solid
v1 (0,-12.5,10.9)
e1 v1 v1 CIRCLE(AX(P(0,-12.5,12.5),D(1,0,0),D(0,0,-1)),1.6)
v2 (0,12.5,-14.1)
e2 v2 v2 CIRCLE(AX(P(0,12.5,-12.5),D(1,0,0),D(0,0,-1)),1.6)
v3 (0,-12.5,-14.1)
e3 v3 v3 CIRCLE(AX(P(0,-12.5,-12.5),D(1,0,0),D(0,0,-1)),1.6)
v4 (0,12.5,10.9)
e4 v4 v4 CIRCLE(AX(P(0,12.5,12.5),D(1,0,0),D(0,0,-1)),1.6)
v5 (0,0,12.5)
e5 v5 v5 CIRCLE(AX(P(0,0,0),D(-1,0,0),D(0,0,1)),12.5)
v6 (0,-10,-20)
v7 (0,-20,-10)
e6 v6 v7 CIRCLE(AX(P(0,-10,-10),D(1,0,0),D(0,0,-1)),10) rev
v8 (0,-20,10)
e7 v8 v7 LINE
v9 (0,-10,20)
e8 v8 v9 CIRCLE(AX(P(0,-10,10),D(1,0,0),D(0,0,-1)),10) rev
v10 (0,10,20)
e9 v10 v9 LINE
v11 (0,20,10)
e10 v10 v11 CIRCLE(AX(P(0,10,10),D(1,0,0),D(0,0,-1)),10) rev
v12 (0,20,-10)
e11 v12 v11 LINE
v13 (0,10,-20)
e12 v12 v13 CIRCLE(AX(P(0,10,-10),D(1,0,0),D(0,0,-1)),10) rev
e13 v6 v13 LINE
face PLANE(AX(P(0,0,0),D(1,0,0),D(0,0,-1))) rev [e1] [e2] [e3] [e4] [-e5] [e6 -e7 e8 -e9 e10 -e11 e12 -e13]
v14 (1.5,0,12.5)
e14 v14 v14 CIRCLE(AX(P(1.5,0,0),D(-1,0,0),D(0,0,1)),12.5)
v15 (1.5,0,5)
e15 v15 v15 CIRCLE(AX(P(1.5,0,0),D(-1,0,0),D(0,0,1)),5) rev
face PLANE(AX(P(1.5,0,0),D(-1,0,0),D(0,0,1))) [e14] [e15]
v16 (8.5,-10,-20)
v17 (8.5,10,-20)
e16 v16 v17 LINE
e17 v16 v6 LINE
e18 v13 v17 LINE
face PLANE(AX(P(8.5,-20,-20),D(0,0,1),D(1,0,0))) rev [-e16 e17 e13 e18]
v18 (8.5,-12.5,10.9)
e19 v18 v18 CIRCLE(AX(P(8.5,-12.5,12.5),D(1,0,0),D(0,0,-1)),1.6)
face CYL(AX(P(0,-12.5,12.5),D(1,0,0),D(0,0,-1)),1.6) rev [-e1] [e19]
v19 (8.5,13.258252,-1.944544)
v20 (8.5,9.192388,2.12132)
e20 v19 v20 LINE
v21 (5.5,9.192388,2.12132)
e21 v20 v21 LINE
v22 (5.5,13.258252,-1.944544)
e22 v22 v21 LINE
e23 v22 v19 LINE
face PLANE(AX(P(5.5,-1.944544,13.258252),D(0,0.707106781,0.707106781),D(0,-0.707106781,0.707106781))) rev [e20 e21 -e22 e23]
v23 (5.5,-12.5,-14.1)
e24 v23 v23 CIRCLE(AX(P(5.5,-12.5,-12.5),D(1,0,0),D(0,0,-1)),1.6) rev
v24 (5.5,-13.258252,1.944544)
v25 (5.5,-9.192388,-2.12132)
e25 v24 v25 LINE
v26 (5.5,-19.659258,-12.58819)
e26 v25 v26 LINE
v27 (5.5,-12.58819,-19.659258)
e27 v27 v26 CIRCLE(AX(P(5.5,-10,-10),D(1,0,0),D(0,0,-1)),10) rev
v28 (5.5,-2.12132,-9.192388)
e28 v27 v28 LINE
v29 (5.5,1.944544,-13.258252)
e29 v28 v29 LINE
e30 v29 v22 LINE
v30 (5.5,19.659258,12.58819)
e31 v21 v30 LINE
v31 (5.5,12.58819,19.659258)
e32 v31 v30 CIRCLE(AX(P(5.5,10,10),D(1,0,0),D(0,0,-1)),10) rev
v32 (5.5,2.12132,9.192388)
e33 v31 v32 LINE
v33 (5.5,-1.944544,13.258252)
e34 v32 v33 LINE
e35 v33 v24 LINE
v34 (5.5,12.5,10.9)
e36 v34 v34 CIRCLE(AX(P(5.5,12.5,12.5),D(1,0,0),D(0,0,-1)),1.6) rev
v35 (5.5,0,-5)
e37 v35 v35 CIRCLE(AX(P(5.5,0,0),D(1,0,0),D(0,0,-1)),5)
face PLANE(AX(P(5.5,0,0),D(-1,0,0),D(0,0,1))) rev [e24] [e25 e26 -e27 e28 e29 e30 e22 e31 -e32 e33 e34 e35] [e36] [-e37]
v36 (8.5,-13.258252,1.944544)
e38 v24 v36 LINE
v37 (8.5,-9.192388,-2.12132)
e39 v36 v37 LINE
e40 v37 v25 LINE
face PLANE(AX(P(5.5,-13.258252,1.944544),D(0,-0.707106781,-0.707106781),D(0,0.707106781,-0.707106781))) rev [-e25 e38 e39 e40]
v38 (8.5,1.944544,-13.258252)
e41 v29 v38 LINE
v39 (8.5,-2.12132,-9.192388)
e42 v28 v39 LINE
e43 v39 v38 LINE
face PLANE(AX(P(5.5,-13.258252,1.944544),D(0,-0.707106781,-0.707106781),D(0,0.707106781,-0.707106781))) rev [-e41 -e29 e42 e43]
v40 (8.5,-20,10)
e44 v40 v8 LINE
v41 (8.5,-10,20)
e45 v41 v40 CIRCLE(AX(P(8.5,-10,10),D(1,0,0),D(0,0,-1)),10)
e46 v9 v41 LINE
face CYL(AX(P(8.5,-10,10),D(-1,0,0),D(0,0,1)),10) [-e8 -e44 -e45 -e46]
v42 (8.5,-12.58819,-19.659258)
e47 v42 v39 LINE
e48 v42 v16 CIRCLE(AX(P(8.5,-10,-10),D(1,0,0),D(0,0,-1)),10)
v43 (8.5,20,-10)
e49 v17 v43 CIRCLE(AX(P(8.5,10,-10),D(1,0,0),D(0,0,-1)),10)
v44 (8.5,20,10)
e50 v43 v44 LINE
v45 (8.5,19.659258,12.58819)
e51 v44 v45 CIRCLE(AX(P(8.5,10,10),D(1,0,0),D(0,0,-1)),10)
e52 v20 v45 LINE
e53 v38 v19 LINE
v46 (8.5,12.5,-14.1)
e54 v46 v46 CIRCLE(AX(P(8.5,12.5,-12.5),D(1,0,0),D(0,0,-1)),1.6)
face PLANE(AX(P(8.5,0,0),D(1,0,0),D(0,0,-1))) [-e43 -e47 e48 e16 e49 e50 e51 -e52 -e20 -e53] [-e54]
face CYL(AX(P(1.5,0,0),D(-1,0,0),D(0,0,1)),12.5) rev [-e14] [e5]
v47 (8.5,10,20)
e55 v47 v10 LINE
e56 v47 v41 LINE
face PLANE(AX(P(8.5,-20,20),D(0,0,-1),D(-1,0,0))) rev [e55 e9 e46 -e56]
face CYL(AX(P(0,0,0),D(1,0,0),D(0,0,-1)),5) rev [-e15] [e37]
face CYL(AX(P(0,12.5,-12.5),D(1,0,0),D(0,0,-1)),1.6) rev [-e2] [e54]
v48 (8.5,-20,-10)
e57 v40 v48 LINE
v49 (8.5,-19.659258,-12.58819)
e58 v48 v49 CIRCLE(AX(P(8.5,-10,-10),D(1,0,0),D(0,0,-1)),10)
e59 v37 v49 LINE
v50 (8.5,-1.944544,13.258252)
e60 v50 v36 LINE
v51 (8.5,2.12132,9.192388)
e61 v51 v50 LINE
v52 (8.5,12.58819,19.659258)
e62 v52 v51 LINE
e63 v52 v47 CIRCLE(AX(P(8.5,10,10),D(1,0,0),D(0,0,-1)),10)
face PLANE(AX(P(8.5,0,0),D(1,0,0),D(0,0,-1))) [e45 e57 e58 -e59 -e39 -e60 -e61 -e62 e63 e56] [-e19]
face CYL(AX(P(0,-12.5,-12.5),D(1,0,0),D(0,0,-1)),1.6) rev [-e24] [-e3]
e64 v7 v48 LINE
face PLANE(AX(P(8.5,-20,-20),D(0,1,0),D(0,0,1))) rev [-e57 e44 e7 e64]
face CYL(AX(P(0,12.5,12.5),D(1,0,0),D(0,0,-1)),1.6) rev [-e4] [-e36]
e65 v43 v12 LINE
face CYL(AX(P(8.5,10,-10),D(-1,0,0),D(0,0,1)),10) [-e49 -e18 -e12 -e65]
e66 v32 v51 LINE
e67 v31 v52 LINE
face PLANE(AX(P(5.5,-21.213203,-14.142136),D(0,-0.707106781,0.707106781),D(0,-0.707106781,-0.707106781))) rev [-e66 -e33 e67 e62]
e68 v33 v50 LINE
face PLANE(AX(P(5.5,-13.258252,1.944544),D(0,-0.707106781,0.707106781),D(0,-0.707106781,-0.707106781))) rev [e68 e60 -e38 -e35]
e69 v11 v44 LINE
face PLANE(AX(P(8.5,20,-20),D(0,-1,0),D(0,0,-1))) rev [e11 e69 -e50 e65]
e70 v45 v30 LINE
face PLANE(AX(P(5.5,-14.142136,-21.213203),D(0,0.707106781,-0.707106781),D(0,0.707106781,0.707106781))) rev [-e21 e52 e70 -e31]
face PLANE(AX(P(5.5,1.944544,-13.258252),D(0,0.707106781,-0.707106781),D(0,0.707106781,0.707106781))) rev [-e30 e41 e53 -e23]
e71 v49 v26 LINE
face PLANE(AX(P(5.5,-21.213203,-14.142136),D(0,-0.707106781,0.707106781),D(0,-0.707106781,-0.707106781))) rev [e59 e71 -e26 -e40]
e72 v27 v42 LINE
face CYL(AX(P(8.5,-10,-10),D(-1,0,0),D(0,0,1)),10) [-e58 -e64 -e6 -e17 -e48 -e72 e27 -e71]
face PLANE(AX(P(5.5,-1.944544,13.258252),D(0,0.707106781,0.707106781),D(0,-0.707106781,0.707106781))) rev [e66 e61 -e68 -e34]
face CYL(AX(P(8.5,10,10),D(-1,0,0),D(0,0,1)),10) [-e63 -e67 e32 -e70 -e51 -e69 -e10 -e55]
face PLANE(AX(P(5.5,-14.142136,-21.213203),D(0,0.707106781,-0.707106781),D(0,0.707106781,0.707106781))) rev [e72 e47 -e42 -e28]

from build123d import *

# Parameters (mm, degrees)
SKETCH1_W           = 40
SKETCH1_H           = 40
BOSS_EXTRUDE1_DEPTH = 8.5
FILLET1_R           = 10
CUT_EXTRUDE1_DEPTH  = 3
SKETCH4_R           = 5
CUT_EXTRUDE2_DEPTH  = 29.814059068
SKETCH5_R           = 1.6
CUT_EXTRUDE3_DEPTH  = 30.533878851
CUT_EXTRUDE4_DEPTH  = 3
SKETCH8_R           = 12.5
CUT_EXTRUDE5_DEPTH  = 1.5


with BuildPart() as part:
    # Sketch1 → Boss-Extrude1 (new body)
    with BuildSketch(Plane(origin=(0, 0, 0), x_dir=(0, 0, -1), z_dir=(1, 0, 0))):
        Rectangle(SKETCH1_W, SKETCH1_H)
    extrude(amount=BOSS_EXTRUDE1_DEPTH)

    # Fillet1
    fillet1_edges = [part.edges().sort_by_distance(p)[0] for p in [
        (4.25, -20, -20),
        (4.25, -20, 20),
        (4.25, 20, 20),
        (4.25, 20, -20),
    ]]
    fillet(fillet1_edges, radius=FILLET1_R)

    # Sketch2 → Cut-Extrude1 (cut)
    with BuildSketch(Plane(origin=(8.5, 0, 0), x_dir=(0, 0, -1), z_dir=(1, 0, 0))):
        Polygon((-1.944543648, -13.258252147), (13.258252147, 1.944543648), (1.944543648, 13.258252147), (-13.258252147, -1.944543648), align=None)
    extrude(amount=-CUT_EXTRUDE1_DEPTH, mode=Mode.SUBTRACT)

    # Sketch4 → Cut-Extrude2 (cut, through all)
    with BuildSketch(Plane(origin=(5.5, 0, 0), x_dir=(0, 0, -1), z_dir=(1, 0, 0))):
        Circle(SKETCH4_R)
    extrude(amount=-CUT_EXTRUDE2_DEPTH, mode=Mode.SUBTRACT)

    # Sketch5 → Cut-Extrude3 (cut, through all)
    with BuildSketch(Plane(origin=(8.5, 0, 0), x_dir=(0, 0, -1), z_dir=(1, 0, 0))):
        with Locations((-12.5, 12.5)):
            Circle(SKETCH5_R)
        with Locations((-12.5, -12.5)):
            Circle(SKETCH5_R)
        with Locations((12.5, -12.5)):
            Circle(SKETCH5_R)
        with Locations((12.5, 12.5)):
            Circle(SKETCH5_R)
    extrude(amount=-CUT_EXTRUDE3_DEPTH, mode=Mode.SUBTRACT)

    # Sketch7 → Cut-Extrude4 (cut)
    with BuildSketch(Plane(origin=(8.5, 0, 0), x_dir=(0, 0, -1), z_dir=(1, 0, 0))):
        Polygon((14.142135624, -21.213203436), (-21.213203436, 14.142135624), (-14.142135624, 21.213203436), (21.213203436, -14.142135624), align=None)
    extrude(amount=-CUT_EXTRUDE4_DEPTH, mode=Mode.SUBTRACT)

    # Sketch8 → Cut-Extrude5 (cut)
    with BuildSketch(Plane.ZY):
        Circle(SKETCH8_R)
    extrude(amount=-CUT_EXTRUDE5_DEPTH, mode=Mode.SUBTRACT)


solid = part.part
